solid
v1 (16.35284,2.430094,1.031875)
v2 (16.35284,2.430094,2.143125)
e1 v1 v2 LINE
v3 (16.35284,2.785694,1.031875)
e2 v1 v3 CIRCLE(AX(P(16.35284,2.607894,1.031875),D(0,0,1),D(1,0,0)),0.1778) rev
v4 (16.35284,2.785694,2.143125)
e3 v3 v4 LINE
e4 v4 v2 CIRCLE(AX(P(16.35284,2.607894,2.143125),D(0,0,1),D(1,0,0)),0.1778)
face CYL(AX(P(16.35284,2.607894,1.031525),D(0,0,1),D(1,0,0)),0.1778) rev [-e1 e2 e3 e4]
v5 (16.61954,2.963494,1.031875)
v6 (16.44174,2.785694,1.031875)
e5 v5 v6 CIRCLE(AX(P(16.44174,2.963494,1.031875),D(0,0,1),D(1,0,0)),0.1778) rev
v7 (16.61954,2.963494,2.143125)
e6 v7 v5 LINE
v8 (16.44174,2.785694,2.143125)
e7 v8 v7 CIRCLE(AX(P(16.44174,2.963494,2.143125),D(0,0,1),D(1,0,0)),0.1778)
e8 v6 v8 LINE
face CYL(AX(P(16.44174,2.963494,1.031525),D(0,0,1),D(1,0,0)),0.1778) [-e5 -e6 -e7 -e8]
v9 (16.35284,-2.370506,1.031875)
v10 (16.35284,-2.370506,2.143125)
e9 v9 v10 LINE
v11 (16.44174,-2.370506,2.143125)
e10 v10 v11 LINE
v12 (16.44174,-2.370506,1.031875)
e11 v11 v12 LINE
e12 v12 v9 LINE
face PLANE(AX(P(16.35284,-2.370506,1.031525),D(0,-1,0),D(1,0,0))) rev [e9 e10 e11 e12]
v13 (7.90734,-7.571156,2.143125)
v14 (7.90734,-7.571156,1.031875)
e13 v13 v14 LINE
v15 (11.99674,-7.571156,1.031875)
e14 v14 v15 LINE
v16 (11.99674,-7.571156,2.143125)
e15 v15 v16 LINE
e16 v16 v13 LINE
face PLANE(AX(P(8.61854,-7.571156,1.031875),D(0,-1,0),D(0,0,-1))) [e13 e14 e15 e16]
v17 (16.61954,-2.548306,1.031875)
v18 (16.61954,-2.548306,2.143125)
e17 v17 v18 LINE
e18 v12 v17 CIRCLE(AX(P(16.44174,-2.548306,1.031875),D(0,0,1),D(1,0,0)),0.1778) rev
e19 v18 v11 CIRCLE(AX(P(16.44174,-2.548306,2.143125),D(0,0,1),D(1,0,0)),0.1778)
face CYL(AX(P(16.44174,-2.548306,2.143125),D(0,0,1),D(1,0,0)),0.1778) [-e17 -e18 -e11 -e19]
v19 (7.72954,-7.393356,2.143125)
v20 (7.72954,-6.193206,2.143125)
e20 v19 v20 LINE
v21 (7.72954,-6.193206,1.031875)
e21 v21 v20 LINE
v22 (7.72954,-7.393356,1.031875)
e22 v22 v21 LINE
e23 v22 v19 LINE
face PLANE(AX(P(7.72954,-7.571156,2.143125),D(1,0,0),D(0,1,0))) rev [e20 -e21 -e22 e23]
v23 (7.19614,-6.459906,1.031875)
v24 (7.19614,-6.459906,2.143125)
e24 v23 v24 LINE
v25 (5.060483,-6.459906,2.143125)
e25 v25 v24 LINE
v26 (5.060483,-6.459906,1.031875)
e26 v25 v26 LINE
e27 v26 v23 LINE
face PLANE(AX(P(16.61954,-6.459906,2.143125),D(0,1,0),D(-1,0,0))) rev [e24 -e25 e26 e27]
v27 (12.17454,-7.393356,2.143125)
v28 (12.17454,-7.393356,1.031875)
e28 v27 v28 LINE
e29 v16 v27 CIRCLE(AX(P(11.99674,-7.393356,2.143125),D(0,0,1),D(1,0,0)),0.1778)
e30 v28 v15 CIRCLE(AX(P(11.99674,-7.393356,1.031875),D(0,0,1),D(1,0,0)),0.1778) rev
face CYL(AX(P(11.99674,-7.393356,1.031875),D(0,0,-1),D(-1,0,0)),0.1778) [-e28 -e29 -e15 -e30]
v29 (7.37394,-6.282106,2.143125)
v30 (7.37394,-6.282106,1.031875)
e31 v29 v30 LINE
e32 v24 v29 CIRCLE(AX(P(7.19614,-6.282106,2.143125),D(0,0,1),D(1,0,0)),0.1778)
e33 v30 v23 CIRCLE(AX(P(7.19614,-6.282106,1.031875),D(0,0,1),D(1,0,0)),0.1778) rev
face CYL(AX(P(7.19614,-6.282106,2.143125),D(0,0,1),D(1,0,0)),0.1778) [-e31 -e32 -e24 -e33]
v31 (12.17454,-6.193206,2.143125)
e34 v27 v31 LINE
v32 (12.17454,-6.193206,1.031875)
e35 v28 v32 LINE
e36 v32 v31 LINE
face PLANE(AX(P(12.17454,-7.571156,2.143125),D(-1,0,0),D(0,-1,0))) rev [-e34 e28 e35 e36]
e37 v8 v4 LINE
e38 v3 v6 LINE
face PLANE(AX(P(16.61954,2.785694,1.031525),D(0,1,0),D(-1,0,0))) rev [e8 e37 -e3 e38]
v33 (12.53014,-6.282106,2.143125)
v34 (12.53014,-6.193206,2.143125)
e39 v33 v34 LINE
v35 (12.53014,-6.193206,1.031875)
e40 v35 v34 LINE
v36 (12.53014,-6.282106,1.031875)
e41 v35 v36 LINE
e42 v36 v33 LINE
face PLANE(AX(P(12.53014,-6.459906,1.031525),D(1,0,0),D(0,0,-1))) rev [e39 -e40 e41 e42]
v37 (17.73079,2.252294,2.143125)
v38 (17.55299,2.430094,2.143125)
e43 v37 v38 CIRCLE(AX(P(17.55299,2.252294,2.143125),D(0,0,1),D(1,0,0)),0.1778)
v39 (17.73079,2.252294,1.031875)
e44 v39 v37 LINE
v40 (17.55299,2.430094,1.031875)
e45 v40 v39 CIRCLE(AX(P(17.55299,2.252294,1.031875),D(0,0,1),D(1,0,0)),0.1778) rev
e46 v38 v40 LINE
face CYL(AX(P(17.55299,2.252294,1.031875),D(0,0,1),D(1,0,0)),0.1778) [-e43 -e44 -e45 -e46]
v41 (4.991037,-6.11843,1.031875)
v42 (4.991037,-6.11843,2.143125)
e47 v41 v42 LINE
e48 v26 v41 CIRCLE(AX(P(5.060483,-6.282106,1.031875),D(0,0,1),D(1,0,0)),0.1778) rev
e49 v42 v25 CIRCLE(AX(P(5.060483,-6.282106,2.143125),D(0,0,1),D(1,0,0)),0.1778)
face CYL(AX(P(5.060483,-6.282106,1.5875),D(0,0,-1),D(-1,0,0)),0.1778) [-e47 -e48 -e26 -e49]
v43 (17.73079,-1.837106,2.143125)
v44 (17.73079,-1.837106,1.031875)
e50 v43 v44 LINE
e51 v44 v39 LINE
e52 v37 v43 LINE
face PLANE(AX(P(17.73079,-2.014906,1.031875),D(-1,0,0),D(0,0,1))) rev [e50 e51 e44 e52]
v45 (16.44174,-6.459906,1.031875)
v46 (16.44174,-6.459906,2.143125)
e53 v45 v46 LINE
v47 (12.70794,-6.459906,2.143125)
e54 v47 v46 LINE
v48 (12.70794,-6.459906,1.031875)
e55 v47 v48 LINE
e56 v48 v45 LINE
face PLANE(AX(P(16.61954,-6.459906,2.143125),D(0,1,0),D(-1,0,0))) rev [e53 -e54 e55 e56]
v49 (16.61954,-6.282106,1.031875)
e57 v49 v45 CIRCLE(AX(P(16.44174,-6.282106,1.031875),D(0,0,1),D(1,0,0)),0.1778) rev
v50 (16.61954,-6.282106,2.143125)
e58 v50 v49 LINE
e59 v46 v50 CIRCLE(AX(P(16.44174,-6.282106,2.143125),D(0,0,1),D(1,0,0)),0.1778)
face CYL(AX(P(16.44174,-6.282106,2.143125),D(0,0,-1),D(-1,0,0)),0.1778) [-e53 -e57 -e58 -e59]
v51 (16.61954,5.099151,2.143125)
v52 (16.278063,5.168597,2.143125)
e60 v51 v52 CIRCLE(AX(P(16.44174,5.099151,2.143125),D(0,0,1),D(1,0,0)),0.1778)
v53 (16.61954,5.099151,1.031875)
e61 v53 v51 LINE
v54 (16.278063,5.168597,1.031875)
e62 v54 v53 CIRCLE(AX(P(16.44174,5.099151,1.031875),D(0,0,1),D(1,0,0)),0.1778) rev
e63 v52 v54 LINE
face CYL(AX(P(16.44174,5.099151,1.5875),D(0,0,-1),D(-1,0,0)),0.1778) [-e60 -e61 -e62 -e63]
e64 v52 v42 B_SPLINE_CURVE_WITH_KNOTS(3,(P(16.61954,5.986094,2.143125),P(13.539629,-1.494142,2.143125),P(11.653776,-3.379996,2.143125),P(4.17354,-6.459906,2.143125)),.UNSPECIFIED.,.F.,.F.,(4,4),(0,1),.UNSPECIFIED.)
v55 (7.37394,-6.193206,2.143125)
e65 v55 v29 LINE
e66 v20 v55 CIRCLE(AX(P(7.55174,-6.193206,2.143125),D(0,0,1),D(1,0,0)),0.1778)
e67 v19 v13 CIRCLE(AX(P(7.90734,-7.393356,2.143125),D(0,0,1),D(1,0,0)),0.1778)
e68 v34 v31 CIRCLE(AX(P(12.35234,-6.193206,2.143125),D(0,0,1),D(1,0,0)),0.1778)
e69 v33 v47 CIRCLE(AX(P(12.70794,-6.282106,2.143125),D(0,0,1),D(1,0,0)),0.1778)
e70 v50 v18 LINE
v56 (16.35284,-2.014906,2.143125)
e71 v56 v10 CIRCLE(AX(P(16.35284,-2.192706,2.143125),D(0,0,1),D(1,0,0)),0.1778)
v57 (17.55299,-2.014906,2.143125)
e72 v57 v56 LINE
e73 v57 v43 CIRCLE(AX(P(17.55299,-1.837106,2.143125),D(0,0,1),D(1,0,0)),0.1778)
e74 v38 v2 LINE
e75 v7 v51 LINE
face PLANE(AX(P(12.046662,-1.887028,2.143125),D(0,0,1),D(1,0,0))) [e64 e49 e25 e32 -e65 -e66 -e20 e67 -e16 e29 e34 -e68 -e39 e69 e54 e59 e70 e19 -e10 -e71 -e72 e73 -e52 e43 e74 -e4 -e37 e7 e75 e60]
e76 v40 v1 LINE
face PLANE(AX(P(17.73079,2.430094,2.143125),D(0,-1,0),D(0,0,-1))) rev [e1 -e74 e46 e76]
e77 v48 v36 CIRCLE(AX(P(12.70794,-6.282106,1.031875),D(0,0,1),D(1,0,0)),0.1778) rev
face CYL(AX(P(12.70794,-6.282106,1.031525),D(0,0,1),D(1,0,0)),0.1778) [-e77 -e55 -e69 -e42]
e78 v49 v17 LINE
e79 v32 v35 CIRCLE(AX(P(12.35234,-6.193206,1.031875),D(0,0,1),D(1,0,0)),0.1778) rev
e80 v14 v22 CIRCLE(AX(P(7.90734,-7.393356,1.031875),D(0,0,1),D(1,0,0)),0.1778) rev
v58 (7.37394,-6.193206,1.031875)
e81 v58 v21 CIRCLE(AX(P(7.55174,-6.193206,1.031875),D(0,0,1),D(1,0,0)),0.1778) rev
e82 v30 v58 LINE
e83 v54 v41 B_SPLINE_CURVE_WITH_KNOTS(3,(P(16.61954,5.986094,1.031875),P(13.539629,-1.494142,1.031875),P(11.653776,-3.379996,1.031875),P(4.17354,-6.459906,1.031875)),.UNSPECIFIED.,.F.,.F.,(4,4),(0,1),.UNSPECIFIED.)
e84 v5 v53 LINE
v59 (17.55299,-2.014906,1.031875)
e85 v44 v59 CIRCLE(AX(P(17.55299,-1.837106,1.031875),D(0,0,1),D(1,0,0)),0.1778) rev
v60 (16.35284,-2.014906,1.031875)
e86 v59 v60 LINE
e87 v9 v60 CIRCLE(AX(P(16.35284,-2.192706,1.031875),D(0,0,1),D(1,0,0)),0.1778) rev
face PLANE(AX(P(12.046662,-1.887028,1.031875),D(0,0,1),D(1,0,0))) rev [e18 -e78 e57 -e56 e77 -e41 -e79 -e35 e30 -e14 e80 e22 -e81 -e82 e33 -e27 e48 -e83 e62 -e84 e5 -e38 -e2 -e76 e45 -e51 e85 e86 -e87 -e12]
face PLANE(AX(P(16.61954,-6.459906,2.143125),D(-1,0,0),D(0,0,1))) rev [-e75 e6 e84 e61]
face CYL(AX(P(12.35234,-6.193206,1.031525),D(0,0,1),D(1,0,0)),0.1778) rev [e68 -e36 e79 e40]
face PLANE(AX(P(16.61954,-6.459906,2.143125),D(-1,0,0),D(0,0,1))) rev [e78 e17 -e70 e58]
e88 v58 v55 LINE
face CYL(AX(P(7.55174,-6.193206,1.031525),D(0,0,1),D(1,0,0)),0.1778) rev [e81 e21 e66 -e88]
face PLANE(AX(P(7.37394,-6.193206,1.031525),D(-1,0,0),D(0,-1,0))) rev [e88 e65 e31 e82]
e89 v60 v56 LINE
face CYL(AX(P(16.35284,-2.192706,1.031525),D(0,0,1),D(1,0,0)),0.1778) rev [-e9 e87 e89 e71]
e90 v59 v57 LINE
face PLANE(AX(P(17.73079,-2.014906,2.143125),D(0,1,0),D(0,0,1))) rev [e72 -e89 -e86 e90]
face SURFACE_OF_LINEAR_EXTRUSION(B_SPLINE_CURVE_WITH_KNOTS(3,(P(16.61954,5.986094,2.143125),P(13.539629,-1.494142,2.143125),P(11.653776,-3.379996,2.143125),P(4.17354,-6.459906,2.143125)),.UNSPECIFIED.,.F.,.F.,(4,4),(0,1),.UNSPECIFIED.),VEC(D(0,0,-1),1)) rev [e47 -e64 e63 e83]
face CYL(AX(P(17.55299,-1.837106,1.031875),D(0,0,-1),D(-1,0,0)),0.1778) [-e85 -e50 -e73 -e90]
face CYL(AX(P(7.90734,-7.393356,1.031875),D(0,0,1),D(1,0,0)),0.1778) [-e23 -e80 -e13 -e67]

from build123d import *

# Parameters (mm, degrees)
BOSS_EXTRUDE1_DEPTH = 3.175
SKETCH2_W           = 12.7
SKETCH2_H           = 3.175
BOSS_EXTRUDE2_DEPTH = 3.175
SKETCH3_W           = 3.175
SKETCH3_H           = 12.7
BOSS_EXTRUDE3_DEPTH = 3.175
CUT_EXTRUDE1_REACH  = 5.175
FILLET1_R           = 0.508
SCALE1_SCALE        = 0.35


with BuildPart() as part:
    # Sketch1 → Boss-Extrude1 (new body)
    with BuildSketch(Plane.XY):
        with BuildLine():
            Line((22.86, -12.7), (-12.7, -12.7))
            add(Edge.make_bspline(
                [(22.86, 22.86), (14.060256121, 1.487897552), (8.672102448, -3.900256121), (-12.7, -12.7)],
                knots=[0, 0, 0, 0, 1, 1, 1, 1], degree=3))
            Line((22.86, 22.86), (22.86, -12.7))
        make_face()
    extrude(amount=BOSS_EXTRUDE1_DEPTH)

    # Sketch2 → Boss-Extrude2 (add)
    with BuildSketch(Plane.XZ.offset(12.7)):
        with Locations((3.81, 1.5875)):
            Rectangle(SKETCH2_W, SKETCH2_H)
    extrude(amount=BOSS_EXTRUDE2_DEPTH)

    # Sketch3 → Boss-Extrude3 (add)
    with BuildSketch(Plane(origin=(22.86, 0, 0), x_dir=(0, 0, -1), z_dir=(1, 0, 0))):
        with Locations((-1.5875, 6.35)):
            Rectangle(SKETCH3_W, SKETCH3_H)
    extrude(amount=BOSS_EXTRUDE3_DEPTH)

    # Sketch4 → Cut-Extrude1 (cut, up to next)
    with BuildSketch(Plane.XY.offset(3.175), mode=Mode.PRIVATE) as cut_extrude1_sk1:
        with BuildLine():
            Line((-3.556, -11.938), (-3.556, -12.7))
            Line((-3.556, -12.7), (-2.54, -12.7))
            Line((-2.54, -12.7), (-2.54, -11.938))
            ThreePointArc((-2.54, -11.938), (-3.048, -11.43), (-3.556, -11.938))
        make_face()
    cut_extrude1_tool1 = extrude(cut_extrude1_sk1.sketch, amount=-CUT_EXTRUDE1_REACH, mode=Mode.PRIVATE) & part.part
    add(cut_extrude1_tool1.solids().sort_by_distance((-3.048, -12.113972, 3.175))[0], mode=Mode.SUBTRACT)
    # Sketch4 → Cut-Extrude1 (cut, up to next)
    with BuildSketch(Plane.XY.offset(3.175), mode=Mode.PRIVATE) as cut_extrude1_sk2:
        with BuildLine():
            Line((10.16, -11.938), (10.16, -12.7))
            Line((10.16, -12.7), (11.176, -12.7))
            Line((11.176, -12.7), (11.176, -11.938))
            ThreePointArc((11.176, -11.938), (10.668, -11.43), (10.16, -11.938))
        make_face()
    cut_extrude1_tool2 = extrude(cut_extrude1_sk2.sketch, amount=-CUT_EXTRUDE1_REACH, mode=Mode.PRIVATE) & part.part
    add(cut_extrude1_tool2.solids().sort_by_distance((10.668, -12.113972, 3.175))[0], mode=Mode.SUBTRACT)
    # Sketch4 → Cut-Extrude1 (cut, up to next)
    with BuildSketch(Plane.XY.offset(3.175), mode=Mode.PRIVATE) as cut_extrude1_sk3:
        with BuildLine():
            Line((22.098, -1.016), (22.86, -1.016))
            Line((22.86, -1.016), (22.86, 0))
            Line((22.86, 0), (22.098, 0))
            ThreePointArc((22.098, 0), (21.59, -0.508), (22.098, -1.016))
        make_face()
    cut_extrude1_tool3 = extrude(cut_extrude1_sk3.sketch, amount=-CUT_EXTRUDE1_REACH, mode=Mode.PRIVATE) & part.part
    add(cut_extrude1_tool3.solids().sort_by_distance((22.273972, -0.508, 3.175))[0], mode=Mode.SUBTRACT)
    # Sketch4 → Cut-Extrude1 (cut, up to next)
    with BuildSketch(Plane.XY.offset(3.175), mode=Mode.PRIVATE) as cut_extrude1_sk4:
        with BuildLine():
            Line((22.098, 12.7), (22.86, 12.7))
            Line((22.86, 12.7), (22.86, 13.716))
            Line((22.86, 13.716), (22.098, 13.716))
            ThreePointArc((22.098, 13.716), (21.59, 13.208), (22.098, 12.7))
        make_face()
    cut_extrude1_tool4 = extrude(cut_extrude1_sk4.sketch, amount=-CUT_EXTRUDE1_REACH, mode=Mode.PRIVATE) & part.part
    add(cut_extrude1_tool4.solids().sort_by_distance((22.273972, 13.208, 3.175))[0], mode=Mode.SUBTRACT)

    # Fillet1
    fillet1_edges = [part.edges().sort_by_distance(p)[0] for p in [
        (22.86, 13.716, 1.5875),
        (26.035, 12.7, 1.5875),
        (26.035, 0, 1.5875),
        (22.86, -1.016, 1.5875),
        (22.86, -12.7, 1.5875),
        (11.176, -12.7, 1.5875),
        (10.16, -15.875, 1.5875),
        (-2.54, -15.875, 1.5875),
        (-3.556, -12.7, 1.5875),
        (-12.7, -12.7, 1.5875),
        (22.86, 22.86, 1.5875),
    ]]
    fillet(fillet1_edges, radius=FILLET1_R)


with BuildPart() as part_1:
    # Scale1: scaled about (13.259441719, -3.099441698, 1.5875)
    add(part.part.scale(SCALE1_SCALE).moved(Location((8.618637117, -2.014637104, 1.031875))))


solid = part_1.part
